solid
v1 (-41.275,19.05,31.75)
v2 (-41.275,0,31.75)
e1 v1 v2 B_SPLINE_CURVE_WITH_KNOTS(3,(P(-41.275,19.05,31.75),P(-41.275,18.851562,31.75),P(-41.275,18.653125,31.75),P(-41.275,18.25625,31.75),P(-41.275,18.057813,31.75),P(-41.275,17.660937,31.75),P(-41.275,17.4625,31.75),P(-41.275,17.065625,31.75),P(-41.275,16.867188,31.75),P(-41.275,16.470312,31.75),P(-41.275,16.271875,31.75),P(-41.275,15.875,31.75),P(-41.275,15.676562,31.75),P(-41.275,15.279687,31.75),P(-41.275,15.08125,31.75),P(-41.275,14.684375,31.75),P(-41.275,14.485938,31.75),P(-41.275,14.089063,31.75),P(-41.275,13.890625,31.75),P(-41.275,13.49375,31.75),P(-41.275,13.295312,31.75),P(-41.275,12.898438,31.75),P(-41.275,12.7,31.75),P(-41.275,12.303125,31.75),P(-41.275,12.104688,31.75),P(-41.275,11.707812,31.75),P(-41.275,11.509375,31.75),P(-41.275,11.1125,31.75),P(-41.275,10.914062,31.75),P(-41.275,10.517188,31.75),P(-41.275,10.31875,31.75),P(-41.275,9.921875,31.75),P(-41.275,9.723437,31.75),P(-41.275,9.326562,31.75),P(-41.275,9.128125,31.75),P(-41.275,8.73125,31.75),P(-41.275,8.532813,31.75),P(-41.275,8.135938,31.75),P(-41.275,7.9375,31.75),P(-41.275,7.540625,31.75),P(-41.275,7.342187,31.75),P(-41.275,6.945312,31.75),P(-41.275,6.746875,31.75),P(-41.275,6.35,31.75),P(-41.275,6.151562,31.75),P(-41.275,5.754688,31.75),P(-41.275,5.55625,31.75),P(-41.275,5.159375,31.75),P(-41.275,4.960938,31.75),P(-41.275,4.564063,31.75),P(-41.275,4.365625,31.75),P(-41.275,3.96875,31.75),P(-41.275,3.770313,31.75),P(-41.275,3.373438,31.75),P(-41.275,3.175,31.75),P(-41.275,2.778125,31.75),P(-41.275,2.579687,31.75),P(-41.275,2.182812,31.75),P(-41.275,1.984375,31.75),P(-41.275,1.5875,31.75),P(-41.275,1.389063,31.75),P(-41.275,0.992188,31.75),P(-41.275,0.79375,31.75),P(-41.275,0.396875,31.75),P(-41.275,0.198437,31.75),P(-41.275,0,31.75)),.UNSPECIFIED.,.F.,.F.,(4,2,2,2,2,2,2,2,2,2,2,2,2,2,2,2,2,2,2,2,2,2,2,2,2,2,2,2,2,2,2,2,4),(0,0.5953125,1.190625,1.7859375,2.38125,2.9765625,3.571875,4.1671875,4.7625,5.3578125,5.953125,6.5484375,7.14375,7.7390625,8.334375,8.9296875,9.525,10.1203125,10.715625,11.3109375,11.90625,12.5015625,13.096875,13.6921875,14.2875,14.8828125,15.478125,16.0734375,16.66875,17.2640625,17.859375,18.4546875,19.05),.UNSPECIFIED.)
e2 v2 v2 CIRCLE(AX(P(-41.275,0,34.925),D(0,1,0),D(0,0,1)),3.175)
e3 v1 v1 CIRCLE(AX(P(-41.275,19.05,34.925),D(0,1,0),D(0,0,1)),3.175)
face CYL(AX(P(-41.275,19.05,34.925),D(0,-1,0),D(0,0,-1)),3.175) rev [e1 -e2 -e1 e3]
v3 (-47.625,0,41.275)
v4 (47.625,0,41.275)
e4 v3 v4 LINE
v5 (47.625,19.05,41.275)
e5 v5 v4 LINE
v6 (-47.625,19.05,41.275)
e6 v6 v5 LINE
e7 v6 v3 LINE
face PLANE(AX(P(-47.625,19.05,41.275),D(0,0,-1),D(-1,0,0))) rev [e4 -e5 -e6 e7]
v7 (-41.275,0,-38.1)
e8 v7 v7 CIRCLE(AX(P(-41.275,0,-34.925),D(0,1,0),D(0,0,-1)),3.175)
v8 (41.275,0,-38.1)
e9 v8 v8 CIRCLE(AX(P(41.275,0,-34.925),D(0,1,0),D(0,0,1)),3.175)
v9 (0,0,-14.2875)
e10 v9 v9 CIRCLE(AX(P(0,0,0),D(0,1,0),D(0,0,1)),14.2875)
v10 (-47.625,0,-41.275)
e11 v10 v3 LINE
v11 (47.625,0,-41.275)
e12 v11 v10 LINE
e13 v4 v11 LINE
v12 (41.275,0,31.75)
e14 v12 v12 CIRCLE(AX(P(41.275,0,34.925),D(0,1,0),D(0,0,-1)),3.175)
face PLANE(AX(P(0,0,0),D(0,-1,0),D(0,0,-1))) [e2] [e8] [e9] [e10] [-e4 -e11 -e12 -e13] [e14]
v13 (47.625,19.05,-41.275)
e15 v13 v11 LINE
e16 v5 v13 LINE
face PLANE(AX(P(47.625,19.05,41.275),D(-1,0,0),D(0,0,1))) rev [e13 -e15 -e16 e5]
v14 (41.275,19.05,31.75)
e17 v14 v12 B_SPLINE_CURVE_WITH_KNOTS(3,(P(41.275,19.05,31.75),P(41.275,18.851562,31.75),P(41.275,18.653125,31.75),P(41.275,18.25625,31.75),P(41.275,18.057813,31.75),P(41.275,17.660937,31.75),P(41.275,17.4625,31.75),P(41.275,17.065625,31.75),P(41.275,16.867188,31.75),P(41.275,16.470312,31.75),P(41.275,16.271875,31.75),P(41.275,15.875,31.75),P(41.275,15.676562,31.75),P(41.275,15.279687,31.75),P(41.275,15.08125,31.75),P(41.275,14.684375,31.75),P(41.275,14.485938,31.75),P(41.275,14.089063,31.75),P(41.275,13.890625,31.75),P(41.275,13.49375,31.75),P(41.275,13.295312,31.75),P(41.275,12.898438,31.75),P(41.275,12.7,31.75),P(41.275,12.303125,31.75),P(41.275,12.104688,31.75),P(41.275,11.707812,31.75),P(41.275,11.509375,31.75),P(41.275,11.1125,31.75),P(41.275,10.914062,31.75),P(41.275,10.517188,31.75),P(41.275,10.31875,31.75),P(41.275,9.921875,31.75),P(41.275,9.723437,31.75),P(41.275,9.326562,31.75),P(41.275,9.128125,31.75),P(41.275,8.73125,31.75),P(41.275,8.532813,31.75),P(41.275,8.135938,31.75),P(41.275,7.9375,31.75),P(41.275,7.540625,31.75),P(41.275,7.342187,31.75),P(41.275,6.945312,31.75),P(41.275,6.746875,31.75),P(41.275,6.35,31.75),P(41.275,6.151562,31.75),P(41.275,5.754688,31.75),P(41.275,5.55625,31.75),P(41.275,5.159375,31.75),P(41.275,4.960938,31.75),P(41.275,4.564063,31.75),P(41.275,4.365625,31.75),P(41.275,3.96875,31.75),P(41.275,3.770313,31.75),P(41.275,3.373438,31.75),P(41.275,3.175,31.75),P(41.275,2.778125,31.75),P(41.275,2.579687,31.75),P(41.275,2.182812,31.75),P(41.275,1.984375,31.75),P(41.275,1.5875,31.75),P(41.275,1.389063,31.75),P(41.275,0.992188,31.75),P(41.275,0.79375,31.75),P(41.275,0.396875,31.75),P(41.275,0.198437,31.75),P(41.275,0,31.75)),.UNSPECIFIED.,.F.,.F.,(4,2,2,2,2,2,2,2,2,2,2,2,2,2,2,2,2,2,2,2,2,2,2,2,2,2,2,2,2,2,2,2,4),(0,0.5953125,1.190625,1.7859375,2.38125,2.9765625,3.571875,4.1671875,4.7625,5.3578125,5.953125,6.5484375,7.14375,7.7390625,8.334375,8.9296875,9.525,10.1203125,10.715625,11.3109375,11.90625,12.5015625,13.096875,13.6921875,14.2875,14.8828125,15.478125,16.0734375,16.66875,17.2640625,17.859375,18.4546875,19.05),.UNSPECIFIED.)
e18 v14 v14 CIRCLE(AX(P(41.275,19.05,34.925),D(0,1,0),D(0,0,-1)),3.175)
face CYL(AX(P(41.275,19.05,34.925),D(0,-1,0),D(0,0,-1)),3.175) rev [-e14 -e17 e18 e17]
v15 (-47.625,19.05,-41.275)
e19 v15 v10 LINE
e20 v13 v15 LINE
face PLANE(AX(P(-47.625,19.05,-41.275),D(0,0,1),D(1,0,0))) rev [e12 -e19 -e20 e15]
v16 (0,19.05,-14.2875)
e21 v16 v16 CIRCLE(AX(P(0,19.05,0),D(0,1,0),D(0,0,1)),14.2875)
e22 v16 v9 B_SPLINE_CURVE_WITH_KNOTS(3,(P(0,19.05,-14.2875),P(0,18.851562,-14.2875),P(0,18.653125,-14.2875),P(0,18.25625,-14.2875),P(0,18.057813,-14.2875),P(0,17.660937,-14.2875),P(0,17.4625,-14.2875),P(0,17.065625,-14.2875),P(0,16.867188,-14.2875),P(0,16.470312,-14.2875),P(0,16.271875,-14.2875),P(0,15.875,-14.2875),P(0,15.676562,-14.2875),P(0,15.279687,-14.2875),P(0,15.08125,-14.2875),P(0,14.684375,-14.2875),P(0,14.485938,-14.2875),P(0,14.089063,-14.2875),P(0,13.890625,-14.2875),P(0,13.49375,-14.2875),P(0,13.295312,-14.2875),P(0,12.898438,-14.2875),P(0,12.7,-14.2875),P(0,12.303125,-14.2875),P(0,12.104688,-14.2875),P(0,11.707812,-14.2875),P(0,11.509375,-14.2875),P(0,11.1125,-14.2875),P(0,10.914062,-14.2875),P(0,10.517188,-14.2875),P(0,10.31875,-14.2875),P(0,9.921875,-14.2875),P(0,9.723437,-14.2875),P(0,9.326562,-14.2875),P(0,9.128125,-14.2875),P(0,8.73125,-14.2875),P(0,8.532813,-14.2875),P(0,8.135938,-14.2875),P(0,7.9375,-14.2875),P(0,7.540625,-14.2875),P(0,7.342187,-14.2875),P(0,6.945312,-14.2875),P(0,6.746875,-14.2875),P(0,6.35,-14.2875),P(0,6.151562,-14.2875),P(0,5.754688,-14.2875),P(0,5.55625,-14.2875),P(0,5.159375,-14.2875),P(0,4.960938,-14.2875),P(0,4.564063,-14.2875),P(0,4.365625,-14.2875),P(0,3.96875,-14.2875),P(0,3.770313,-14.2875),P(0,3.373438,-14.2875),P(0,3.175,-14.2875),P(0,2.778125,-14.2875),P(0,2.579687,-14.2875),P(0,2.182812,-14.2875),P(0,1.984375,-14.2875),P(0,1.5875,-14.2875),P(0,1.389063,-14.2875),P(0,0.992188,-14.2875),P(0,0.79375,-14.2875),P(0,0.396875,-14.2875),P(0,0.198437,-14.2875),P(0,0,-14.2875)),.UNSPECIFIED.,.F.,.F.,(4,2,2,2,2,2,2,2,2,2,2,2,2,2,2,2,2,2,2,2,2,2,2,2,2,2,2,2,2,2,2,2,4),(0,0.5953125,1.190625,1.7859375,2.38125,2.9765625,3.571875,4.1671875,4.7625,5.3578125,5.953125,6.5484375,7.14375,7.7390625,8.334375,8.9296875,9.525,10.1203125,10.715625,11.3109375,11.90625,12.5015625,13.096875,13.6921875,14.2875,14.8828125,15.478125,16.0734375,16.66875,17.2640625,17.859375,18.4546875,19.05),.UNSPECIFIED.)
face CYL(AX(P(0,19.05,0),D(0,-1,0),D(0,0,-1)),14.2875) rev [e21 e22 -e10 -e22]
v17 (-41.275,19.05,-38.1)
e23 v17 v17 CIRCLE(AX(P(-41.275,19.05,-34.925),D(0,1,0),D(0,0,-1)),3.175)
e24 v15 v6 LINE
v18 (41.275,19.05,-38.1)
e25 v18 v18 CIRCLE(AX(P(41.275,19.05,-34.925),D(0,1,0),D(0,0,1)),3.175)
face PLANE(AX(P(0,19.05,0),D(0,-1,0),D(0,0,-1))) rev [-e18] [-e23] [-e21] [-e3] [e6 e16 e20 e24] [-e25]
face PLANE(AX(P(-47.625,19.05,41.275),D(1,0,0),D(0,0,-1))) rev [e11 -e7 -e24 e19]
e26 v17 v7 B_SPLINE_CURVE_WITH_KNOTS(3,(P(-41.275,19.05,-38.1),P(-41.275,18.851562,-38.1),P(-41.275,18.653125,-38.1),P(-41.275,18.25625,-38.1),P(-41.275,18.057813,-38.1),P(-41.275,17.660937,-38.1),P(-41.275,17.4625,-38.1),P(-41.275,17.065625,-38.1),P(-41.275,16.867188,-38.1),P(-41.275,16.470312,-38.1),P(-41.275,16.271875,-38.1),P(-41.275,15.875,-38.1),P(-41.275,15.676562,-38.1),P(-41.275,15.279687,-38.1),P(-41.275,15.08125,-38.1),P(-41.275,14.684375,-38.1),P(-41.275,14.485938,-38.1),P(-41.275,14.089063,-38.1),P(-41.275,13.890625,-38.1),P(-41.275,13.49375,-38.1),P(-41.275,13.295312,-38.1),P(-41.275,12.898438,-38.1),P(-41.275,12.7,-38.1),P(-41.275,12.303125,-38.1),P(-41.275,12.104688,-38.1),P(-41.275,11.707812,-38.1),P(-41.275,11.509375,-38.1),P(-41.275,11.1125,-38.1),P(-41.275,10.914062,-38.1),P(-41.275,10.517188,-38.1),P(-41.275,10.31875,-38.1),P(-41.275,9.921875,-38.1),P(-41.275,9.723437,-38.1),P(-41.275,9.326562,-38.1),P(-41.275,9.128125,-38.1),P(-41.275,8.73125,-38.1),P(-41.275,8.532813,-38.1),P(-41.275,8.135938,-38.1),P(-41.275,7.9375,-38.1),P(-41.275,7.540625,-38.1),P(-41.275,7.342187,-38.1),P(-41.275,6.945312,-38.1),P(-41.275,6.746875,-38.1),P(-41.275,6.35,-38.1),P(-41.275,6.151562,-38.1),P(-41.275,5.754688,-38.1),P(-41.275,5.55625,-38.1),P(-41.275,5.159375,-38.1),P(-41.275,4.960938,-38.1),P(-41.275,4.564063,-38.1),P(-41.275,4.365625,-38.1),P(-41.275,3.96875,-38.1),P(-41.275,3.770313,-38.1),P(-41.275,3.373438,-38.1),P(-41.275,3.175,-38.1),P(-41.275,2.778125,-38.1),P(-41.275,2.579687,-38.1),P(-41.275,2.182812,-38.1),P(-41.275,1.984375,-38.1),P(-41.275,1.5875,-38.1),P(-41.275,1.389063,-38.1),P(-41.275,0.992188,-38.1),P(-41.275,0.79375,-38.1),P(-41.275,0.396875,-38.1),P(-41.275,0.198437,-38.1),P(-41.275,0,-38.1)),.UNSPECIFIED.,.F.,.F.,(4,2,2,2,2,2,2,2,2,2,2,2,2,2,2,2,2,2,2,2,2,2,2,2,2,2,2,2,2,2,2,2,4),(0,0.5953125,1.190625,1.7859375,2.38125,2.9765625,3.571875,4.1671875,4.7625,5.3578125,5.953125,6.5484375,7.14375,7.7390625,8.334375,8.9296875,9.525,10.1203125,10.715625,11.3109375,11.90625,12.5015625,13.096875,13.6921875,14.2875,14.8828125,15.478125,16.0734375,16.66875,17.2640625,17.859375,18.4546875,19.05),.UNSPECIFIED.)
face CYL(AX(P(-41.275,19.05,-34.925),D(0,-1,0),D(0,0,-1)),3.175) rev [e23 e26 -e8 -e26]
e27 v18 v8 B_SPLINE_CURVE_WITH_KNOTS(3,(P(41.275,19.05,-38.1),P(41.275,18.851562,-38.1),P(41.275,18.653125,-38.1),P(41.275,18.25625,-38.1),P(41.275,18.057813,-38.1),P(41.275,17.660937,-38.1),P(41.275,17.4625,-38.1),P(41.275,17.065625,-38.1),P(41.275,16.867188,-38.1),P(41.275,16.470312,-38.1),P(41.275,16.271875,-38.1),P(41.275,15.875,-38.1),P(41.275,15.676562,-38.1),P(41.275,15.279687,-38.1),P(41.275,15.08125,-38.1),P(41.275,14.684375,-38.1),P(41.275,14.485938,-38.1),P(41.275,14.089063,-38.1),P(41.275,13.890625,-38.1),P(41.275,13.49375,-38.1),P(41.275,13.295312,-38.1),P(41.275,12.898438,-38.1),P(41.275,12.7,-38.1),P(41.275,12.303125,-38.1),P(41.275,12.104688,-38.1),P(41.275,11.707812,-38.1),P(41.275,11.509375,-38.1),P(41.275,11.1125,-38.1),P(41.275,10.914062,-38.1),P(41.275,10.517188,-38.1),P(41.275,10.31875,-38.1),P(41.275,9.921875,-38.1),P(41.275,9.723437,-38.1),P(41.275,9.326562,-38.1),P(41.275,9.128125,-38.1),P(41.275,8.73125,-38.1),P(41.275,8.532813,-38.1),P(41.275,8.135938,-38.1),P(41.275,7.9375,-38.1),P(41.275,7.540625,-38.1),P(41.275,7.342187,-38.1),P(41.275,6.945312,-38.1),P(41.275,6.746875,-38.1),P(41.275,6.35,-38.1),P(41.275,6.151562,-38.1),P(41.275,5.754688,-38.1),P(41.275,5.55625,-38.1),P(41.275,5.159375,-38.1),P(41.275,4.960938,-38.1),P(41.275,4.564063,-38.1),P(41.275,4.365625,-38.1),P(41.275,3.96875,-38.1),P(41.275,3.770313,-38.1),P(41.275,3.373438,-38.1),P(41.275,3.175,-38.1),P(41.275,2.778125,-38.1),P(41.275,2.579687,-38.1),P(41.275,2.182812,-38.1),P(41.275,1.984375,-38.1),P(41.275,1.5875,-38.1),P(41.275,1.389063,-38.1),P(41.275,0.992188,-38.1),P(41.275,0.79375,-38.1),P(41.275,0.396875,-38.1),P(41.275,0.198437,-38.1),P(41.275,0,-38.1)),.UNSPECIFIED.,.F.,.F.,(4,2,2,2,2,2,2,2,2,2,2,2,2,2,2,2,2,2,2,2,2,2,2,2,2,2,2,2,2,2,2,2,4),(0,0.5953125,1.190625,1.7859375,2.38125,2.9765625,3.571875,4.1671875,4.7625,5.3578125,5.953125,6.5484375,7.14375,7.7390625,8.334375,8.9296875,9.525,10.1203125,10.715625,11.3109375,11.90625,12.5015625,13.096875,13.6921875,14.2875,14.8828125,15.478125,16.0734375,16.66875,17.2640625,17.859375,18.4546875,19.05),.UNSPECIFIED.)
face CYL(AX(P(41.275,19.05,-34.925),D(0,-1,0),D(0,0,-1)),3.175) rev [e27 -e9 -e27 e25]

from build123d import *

# Parameters (mm, degrees)
SKETCH1_W           = 95.25
SKETCH1_H           = 82.55
SKETCH1_R           = 14.2875
SKETCH1_R_2         = 3.175
BOSS_EXTRUDE1_DEPTH = 19.05


with BuildPart() as part:
    # Sketch1 → Boss-Extrude1 (new body)
    with BuildSketch(Plane(origin=(0, 0, 0), x_dir=(1, 0, 0), z_dir=(0, 1, 0))):
        Rectangle(SKETCH1_W, SKETCH1_H)
        with Locations(Location((0, 0, 0), (0, 0, 90))):
            Circle(SKETCH1_R, mode=Mode.SUBTRACT)
        with Locations(Location((-41.275, 34.925, 0), (0, 0, 90))):
            Circle(SKETCH1_R_2, mode=Mode.SUBTRACT)
        with Locations(Location((-41.275, -34.925, 0), (0, 0, 90))):
            Circle(SKETCH1_R_2, mode=Mode.SUBTRACT)
        with Locations(Location((41.275, 34.925, 0), (0, 0, 90))):
            Circle(SKETCH1_R_2, mode=Mode.SUBTRACT)
        with Locations(Location((41.275, -34.925, 0), (0, 0, 90))):
            Circle(SKETCH1_R_2, mode=Mode.SUBTRACT)
    extrude(amount=BOSS_EXTRUDE1_DEPTH)


solid = part.part
